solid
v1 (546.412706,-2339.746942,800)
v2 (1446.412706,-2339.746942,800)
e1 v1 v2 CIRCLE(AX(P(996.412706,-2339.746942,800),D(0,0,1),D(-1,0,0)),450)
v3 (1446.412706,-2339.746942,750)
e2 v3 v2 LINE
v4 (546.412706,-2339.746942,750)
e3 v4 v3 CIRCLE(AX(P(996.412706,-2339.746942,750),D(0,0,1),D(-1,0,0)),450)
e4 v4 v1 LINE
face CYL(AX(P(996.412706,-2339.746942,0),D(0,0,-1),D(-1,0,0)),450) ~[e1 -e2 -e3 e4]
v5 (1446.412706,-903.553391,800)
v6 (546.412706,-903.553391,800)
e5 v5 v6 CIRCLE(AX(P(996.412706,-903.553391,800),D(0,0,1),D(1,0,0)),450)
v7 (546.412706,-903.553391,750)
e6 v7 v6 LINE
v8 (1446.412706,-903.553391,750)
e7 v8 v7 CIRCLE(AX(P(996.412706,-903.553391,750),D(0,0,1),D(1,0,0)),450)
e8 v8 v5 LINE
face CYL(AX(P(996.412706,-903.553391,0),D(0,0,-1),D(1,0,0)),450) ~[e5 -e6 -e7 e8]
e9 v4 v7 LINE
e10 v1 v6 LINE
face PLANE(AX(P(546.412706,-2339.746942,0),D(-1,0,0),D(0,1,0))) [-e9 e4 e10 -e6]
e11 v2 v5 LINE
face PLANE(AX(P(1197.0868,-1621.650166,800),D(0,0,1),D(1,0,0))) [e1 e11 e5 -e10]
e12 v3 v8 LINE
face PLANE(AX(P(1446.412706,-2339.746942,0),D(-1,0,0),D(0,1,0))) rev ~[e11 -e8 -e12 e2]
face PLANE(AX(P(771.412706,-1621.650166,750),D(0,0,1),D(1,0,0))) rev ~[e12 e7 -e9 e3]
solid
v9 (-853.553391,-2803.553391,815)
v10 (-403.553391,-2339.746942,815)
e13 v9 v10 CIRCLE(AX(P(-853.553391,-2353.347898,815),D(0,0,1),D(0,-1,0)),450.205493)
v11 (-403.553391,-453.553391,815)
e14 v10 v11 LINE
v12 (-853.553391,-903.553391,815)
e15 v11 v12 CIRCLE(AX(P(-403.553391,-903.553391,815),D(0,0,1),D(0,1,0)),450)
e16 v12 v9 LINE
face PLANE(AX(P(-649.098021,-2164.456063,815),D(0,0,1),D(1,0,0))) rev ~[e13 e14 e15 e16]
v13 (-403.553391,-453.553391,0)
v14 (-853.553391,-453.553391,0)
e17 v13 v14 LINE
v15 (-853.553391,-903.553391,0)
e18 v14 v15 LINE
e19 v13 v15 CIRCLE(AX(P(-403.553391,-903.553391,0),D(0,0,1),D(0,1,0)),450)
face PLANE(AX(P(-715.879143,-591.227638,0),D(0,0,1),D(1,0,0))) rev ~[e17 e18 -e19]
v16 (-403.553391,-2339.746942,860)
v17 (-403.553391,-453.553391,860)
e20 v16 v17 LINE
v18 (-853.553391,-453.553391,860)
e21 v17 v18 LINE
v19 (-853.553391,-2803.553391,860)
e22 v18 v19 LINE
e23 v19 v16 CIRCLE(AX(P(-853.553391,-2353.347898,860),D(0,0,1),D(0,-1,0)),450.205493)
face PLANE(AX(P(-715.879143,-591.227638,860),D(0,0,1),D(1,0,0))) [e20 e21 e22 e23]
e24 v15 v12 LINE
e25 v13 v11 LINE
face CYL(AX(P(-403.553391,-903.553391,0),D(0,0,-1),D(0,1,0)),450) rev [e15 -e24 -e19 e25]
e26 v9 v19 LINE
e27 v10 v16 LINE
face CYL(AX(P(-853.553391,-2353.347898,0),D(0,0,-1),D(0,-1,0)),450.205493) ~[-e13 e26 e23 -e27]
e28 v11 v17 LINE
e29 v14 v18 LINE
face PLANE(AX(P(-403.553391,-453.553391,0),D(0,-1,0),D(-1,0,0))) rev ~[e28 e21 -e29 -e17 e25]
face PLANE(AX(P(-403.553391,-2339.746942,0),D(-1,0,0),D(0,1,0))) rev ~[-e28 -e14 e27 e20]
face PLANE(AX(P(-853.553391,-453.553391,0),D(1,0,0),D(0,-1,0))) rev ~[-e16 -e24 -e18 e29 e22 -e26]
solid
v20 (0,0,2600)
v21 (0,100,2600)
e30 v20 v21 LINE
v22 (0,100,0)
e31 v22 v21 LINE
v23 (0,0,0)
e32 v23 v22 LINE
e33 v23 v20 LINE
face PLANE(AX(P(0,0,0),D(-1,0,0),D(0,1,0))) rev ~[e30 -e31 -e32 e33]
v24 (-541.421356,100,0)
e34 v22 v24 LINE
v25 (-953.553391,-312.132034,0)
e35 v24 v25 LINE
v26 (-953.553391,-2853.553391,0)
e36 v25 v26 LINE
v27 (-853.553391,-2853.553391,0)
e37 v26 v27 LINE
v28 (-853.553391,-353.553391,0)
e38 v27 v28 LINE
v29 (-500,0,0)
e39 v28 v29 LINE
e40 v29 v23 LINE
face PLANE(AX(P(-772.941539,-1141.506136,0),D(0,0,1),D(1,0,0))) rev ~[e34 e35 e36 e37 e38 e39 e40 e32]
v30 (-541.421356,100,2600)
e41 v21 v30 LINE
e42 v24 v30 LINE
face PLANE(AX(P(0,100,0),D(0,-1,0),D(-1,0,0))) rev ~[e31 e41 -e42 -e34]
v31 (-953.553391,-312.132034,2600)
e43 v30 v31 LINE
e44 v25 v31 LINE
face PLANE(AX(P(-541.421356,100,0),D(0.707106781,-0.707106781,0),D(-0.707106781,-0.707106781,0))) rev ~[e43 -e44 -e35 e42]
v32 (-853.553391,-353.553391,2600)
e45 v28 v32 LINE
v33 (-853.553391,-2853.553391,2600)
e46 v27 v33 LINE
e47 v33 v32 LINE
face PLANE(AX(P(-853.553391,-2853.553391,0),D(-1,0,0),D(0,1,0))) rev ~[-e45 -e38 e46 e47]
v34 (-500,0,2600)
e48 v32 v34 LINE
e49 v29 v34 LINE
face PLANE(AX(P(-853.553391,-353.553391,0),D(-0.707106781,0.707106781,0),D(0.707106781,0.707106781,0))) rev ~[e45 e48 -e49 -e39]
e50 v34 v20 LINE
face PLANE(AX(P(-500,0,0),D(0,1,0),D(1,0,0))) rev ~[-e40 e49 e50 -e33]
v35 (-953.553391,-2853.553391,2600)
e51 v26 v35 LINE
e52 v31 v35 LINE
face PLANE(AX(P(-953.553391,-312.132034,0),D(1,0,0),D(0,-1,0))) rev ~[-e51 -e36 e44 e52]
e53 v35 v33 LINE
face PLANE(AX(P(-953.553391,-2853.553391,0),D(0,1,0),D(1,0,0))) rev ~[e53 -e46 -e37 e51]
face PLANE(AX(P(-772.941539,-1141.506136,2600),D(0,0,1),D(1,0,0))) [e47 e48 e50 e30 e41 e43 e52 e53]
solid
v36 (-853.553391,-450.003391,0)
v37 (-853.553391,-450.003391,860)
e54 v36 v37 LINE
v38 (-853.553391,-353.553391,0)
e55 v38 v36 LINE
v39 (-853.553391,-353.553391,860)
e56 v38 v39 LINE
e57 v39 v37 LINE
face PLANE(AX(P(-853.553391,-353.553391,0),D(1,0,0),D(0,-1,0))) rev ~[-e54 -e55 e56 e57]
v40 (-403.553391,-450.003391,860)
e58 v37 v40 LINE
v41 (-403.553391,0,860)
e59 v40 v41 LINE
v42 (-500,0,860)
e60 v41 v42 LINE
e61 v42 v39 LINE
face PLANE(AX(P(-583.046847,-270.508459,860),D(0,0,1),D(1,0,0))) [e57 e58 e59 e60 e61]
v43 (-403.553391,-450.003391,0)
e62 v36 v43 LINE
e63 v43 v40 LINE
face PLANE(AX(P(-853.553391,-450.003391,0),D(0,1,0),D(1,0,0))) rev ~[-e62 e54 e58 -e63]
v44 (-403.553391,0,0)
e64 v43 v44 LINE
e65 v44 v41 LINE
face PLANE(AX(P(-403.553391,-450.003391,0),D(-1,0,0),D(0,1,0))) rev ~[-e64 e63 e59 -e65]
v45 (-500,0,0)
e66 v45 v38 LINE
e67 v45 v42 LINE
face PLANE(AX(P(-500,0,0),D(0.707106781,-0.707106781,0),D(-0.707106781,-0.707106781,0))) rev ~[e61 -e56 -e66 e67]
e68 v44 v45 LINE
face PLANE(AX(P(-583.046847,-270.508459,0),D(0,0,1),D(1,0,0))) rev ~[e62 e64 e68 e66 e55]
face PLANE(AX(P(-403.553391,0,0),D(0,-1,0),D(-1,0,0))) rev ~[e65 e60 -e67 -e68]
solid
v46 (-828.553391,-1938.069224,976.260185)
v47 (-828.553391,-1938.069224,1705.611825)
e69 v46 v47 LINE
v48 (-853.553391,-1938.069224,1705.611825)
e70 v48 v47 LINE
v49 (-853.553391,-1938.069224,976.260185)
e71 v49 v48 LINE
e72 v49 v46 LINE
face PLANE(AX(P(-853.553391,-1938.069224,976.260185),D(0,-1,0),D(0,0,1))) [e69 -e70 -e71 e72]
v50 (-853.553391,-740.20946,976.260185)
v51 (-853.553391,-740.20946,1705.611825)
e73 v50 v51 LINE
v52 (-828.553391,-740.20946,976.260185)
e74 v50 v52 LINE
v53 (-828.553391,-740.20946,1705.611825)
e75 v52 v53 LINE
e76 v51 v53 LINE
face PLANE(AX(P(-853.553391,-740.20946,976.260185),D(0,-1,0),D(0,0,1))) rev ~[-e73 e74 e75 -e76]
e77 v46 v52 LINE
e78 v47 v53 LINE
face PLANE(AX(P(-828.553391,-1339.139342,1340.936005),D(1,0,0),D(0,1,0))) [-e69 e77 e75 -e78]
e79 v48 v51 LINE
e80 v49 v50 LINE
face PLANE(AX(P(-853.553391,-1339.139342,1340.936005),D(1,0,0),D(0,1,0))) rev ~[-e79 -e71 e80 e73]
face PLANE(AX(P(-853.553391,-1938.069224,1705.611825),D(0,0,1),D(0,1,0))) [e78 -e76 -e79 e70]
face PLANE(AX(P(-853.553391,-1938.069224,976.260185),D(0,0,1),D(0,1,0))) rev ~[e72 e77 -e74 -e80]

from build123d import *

# Parameters (mm, degrees)
F1_DEPTH = 2600
F2_DEPTH = 860
F0_W     = 450
F0_H     = 1436.1935516499
F3_DEPTH = 800
F4_DEPTH = 815
F5_DEPTH = 750
F6_W     = 1197.8597640991
F6_H     = 729.3516397476
F7_DEPTH = 25


with BuildPart() as f1:
    # F0 (on Top) → F1 (new body)
    with BuildSketch(Plane.XY):
        Polygon((-403.5533905933, 0), (0, 0), (0, 100), (-541.4213562373, 100), (-953.5533905933, -312.132034356), (-953.5533905933, -2853.5533905933), (-853.5533905933, -2853.5533905933), (-853.5533905933, -2803.5533905933), (-853.5533905933, -1614.7469422431), (-853.5533905933, -903.5533905933), (-853.5533905933, -453.5533905933), (-853.5533905933, -450.0033905933), (-853.5533905933, -353.5533905933), (-500, 0), align=None)
    extrude(amount=F1_DEPTH)


with BuildPart() as f2:
    # F0 (on Top) → F2 (new body)
    with BuildSketch(Plane.XY):
        Polygon((-403.5533905933, -450.0033905933), (-403.5533905933, 0), (-500, 0), (-853.5533905933, -353.5533905933), (-853.5533905933, -450.0033905933), align=None)
    extrude(amount=F2_DEPTH)


with BuildPart() as f2b:
    # F0 (on Top) → F2, piece 2 (new body)
    with BuildSketch(Plane.XY):
        with BuildLine():
            Line((-403.5533905933, -453.5533905933), (-853.5533905933, -453.5533905933))
            Line((-853.5533905933, -453.5533905933), (-853.5533905933, -903.5533905933))
            ThreePointArc((-853.5533905933, -903.5533905933), (-721.7514421272, -585.3553390593), (-403.5533905933, -453.5533905933))
        make_face()
        with BuildLine():
            ThreePointArc((-403.5533905933, -453.5533905933), (-721.7514421272, -585.3553390593), (-853.5533905933, -903.5533905933))
            Line((-853.5533905933, -903.5533905933), (-853.5533905933, -1614.7469422431))
            Line((-853.5533905933, -1614.7469422431), (-403.5533905933, -1614.7469422431))
            Line((-403.5533905933, -1614.7469422431), (-403.5533905933, -453.5533905933))
        make_face()
        with BuildLine():
            Line((-403.5533905933, -1614.7469422431), (-853.5533905933, -1614.7469422431))
            Line((-853.5533905933, -1614.7469422431), (-853.5533905933, -2803.5533905933))
            ThreePointArc((-853.5533905933, -2803.5533905933), (-530.4371493073, -2666.845713474), (-403.5533905933, -2339.7469422432))
            Line((-403.5533905933, -2339.7469422432), (-403.5533905933, -1614.7469422431))
        make_face()
    extrude(amount=F2_DEPTH)

    # F0 (on Top) → F4 (cut)
    with BuildSketch(Plane.XY):
        with BuildLine():
            Line((-403.5533905933, -1614.7469422431), (-853.5533905933, -1614.7469422431))
            Line((-853.5533905933, -1614.7469422431), (-853.5533905933, -2803.5533905933))
            ThreePointArc((-853.5533905933, -2803.5533905933), (-530.4371493073, -2666.845713474), (-403.5533905933, -2339.7469422432))
            Line((-403.5533905933, -2339.7469422432), (-403.5533905933, -1614.7469422431))
        make_face()
        with BuildLine():
            ThreePointArc((-403.5533905933, -453.5533905933), (-721.7514421272, -585.3553390593), (-853.5533905933, -903.5533905933))
            Line((-853.5533905933, -903.5533905933), (-853.5533905933, -1614.7469422431))
            Line((-853.5533905933, -1614.7469422431), (-403.5533905933, -1614.7469422431))
            Line((-403.5533905933, -1614.7469422431), (-403.5533905933, -453.5533905933))
        make_face()
    extrude(amount=F4_DEPTH, mode=Mode.SUBTRACT)


with BuildPart() as f3:
    # F0 (on Top) → F3 (new body)
    with BuildSketch(Plane.XY):
        with BuildLine():
            Line((996.4127063751, -453.5533905933), (996.4127063751, -903.5533905933))
            Line((996.4127063751, -903.5533905933), (996.4127063751, -2339.7469422431))
            Line((996.4127063751, -2339.7469422432), (996.4127063751, -2789.7469422432))
            ThreePointArc((996.4127063751, -2789.7469422432), (1314.6107579091, -2657.9449937771), (1446.4127063751, -2339.7469422432))
            Line((1446.4127063751, -2339.7469422432), (1446.4127063751, -903.5533905933))
            ThreePointArc((1446.4127063751, -903.5533905933), (1314.6107579091, -585.3553390593), (996.4127063751, -453.5533905933))
        make_face()
        with Locations((771.4127063751, -1621.6501664182)):
            Rectangle(F0_W, F0_H)
        with BuildLine():
            Line((546.4127063751, -903.5533905933), (996.4127063751, -903.5533905933))
            Line((996.4127063751, -903.5533905933), (996.4127063751, -453.5533905933))
            ThreePointArc((996.4127063751, -453.5533905933), (678.2146548412, -585.3553390593), (546.4127063751, -903.5533905933))
        make_face()
        with BuildLine():
            Line((996.4127063751, -2789.7469422432), (996.4127063751, -2339.7469422432))
            Line((996.4127063751, -2339.7469422432), (546.4127063751, -2339.7469422432))
            ThreePointArc((546.4127063751, -2339.7469422432), (678.2146548412, -2657.9449937771), (996.4127063751, -2789.7469422432))
        make_face()
    extrude(amount=F3_DEPTH)

    # F0 (on Top) → F5 (cut)
    with BuildSketch(Plane.XY):
        with Locations((771.4127063751, -1621.6501664182)):
            Rectangle(F0_W, F0_H)
        with BuildLine():
            Line((996.4127063751, -453.5533905933), (996.4127063751, -903.5533905933))
            Line((996.4127063751, -903.5533905933), (996.4127063751, -2339.7469422431))
            Line((996.4127063751, -2339.7469422432), (996.4127063751, -2789.7469422432))
            ThreePointArc((996.4127063751, -2789.7469422432), (1314.6107579091, -2657.9449937771), (1446.4127063751, -2339.7469422432))
            Line((1446.4127063751, -2339.7469422432), (1446.4127063751, -903.5533905933))
            ThreePointArc((1446.4127063751, -903.5533905933), (1314.6107579091, -585.3553390593), (996.4127063751, -453.5533905933))
        make_face()
        with BuildLine():
            Line((996.4127063751, -2789.7469422432), (996.4127063751, -2339.7469422432))
            Line((996.4127063751, -2339.7469422432), (546.4127063751, -2339.7469422432))
            ThreePointArc((546.4127063751, -2339.7469422432), (678.2146548412, -2657.9449937771), (996.4127063751, -2789.7469422432))
        make_face()
        with BuildLine():
            Line((546.4127063751, -903.5533905933), (996.4127063751, -903.5533905933))
            Line((996.4127063751, -903.5533905933), (996.4127063751, -453.5533905933))
            ThreePointArc((996.4127063751, -453.5533905933), (678.2146548412, -585.3553390593), (546.4127063751, -903.5533905933))
        make_face()
    extrude(amount=F5_DEPTH, mode=Mode.SUBTRACT)


with BuildPart() as f7:
    # F6 (on face) → F7 (new body)
    with BuildSketch(Plane.YZ.offset(-853.5533905933)):
        with Locations((-1339.139342308, 1340.9360051155)):
            Rectangle(F6_W, F6_H)
    extrude(amount=F7_DEPTH)


solid = Compound([f1.part, f2.part, f2b.part, f3.part, f7.part])
